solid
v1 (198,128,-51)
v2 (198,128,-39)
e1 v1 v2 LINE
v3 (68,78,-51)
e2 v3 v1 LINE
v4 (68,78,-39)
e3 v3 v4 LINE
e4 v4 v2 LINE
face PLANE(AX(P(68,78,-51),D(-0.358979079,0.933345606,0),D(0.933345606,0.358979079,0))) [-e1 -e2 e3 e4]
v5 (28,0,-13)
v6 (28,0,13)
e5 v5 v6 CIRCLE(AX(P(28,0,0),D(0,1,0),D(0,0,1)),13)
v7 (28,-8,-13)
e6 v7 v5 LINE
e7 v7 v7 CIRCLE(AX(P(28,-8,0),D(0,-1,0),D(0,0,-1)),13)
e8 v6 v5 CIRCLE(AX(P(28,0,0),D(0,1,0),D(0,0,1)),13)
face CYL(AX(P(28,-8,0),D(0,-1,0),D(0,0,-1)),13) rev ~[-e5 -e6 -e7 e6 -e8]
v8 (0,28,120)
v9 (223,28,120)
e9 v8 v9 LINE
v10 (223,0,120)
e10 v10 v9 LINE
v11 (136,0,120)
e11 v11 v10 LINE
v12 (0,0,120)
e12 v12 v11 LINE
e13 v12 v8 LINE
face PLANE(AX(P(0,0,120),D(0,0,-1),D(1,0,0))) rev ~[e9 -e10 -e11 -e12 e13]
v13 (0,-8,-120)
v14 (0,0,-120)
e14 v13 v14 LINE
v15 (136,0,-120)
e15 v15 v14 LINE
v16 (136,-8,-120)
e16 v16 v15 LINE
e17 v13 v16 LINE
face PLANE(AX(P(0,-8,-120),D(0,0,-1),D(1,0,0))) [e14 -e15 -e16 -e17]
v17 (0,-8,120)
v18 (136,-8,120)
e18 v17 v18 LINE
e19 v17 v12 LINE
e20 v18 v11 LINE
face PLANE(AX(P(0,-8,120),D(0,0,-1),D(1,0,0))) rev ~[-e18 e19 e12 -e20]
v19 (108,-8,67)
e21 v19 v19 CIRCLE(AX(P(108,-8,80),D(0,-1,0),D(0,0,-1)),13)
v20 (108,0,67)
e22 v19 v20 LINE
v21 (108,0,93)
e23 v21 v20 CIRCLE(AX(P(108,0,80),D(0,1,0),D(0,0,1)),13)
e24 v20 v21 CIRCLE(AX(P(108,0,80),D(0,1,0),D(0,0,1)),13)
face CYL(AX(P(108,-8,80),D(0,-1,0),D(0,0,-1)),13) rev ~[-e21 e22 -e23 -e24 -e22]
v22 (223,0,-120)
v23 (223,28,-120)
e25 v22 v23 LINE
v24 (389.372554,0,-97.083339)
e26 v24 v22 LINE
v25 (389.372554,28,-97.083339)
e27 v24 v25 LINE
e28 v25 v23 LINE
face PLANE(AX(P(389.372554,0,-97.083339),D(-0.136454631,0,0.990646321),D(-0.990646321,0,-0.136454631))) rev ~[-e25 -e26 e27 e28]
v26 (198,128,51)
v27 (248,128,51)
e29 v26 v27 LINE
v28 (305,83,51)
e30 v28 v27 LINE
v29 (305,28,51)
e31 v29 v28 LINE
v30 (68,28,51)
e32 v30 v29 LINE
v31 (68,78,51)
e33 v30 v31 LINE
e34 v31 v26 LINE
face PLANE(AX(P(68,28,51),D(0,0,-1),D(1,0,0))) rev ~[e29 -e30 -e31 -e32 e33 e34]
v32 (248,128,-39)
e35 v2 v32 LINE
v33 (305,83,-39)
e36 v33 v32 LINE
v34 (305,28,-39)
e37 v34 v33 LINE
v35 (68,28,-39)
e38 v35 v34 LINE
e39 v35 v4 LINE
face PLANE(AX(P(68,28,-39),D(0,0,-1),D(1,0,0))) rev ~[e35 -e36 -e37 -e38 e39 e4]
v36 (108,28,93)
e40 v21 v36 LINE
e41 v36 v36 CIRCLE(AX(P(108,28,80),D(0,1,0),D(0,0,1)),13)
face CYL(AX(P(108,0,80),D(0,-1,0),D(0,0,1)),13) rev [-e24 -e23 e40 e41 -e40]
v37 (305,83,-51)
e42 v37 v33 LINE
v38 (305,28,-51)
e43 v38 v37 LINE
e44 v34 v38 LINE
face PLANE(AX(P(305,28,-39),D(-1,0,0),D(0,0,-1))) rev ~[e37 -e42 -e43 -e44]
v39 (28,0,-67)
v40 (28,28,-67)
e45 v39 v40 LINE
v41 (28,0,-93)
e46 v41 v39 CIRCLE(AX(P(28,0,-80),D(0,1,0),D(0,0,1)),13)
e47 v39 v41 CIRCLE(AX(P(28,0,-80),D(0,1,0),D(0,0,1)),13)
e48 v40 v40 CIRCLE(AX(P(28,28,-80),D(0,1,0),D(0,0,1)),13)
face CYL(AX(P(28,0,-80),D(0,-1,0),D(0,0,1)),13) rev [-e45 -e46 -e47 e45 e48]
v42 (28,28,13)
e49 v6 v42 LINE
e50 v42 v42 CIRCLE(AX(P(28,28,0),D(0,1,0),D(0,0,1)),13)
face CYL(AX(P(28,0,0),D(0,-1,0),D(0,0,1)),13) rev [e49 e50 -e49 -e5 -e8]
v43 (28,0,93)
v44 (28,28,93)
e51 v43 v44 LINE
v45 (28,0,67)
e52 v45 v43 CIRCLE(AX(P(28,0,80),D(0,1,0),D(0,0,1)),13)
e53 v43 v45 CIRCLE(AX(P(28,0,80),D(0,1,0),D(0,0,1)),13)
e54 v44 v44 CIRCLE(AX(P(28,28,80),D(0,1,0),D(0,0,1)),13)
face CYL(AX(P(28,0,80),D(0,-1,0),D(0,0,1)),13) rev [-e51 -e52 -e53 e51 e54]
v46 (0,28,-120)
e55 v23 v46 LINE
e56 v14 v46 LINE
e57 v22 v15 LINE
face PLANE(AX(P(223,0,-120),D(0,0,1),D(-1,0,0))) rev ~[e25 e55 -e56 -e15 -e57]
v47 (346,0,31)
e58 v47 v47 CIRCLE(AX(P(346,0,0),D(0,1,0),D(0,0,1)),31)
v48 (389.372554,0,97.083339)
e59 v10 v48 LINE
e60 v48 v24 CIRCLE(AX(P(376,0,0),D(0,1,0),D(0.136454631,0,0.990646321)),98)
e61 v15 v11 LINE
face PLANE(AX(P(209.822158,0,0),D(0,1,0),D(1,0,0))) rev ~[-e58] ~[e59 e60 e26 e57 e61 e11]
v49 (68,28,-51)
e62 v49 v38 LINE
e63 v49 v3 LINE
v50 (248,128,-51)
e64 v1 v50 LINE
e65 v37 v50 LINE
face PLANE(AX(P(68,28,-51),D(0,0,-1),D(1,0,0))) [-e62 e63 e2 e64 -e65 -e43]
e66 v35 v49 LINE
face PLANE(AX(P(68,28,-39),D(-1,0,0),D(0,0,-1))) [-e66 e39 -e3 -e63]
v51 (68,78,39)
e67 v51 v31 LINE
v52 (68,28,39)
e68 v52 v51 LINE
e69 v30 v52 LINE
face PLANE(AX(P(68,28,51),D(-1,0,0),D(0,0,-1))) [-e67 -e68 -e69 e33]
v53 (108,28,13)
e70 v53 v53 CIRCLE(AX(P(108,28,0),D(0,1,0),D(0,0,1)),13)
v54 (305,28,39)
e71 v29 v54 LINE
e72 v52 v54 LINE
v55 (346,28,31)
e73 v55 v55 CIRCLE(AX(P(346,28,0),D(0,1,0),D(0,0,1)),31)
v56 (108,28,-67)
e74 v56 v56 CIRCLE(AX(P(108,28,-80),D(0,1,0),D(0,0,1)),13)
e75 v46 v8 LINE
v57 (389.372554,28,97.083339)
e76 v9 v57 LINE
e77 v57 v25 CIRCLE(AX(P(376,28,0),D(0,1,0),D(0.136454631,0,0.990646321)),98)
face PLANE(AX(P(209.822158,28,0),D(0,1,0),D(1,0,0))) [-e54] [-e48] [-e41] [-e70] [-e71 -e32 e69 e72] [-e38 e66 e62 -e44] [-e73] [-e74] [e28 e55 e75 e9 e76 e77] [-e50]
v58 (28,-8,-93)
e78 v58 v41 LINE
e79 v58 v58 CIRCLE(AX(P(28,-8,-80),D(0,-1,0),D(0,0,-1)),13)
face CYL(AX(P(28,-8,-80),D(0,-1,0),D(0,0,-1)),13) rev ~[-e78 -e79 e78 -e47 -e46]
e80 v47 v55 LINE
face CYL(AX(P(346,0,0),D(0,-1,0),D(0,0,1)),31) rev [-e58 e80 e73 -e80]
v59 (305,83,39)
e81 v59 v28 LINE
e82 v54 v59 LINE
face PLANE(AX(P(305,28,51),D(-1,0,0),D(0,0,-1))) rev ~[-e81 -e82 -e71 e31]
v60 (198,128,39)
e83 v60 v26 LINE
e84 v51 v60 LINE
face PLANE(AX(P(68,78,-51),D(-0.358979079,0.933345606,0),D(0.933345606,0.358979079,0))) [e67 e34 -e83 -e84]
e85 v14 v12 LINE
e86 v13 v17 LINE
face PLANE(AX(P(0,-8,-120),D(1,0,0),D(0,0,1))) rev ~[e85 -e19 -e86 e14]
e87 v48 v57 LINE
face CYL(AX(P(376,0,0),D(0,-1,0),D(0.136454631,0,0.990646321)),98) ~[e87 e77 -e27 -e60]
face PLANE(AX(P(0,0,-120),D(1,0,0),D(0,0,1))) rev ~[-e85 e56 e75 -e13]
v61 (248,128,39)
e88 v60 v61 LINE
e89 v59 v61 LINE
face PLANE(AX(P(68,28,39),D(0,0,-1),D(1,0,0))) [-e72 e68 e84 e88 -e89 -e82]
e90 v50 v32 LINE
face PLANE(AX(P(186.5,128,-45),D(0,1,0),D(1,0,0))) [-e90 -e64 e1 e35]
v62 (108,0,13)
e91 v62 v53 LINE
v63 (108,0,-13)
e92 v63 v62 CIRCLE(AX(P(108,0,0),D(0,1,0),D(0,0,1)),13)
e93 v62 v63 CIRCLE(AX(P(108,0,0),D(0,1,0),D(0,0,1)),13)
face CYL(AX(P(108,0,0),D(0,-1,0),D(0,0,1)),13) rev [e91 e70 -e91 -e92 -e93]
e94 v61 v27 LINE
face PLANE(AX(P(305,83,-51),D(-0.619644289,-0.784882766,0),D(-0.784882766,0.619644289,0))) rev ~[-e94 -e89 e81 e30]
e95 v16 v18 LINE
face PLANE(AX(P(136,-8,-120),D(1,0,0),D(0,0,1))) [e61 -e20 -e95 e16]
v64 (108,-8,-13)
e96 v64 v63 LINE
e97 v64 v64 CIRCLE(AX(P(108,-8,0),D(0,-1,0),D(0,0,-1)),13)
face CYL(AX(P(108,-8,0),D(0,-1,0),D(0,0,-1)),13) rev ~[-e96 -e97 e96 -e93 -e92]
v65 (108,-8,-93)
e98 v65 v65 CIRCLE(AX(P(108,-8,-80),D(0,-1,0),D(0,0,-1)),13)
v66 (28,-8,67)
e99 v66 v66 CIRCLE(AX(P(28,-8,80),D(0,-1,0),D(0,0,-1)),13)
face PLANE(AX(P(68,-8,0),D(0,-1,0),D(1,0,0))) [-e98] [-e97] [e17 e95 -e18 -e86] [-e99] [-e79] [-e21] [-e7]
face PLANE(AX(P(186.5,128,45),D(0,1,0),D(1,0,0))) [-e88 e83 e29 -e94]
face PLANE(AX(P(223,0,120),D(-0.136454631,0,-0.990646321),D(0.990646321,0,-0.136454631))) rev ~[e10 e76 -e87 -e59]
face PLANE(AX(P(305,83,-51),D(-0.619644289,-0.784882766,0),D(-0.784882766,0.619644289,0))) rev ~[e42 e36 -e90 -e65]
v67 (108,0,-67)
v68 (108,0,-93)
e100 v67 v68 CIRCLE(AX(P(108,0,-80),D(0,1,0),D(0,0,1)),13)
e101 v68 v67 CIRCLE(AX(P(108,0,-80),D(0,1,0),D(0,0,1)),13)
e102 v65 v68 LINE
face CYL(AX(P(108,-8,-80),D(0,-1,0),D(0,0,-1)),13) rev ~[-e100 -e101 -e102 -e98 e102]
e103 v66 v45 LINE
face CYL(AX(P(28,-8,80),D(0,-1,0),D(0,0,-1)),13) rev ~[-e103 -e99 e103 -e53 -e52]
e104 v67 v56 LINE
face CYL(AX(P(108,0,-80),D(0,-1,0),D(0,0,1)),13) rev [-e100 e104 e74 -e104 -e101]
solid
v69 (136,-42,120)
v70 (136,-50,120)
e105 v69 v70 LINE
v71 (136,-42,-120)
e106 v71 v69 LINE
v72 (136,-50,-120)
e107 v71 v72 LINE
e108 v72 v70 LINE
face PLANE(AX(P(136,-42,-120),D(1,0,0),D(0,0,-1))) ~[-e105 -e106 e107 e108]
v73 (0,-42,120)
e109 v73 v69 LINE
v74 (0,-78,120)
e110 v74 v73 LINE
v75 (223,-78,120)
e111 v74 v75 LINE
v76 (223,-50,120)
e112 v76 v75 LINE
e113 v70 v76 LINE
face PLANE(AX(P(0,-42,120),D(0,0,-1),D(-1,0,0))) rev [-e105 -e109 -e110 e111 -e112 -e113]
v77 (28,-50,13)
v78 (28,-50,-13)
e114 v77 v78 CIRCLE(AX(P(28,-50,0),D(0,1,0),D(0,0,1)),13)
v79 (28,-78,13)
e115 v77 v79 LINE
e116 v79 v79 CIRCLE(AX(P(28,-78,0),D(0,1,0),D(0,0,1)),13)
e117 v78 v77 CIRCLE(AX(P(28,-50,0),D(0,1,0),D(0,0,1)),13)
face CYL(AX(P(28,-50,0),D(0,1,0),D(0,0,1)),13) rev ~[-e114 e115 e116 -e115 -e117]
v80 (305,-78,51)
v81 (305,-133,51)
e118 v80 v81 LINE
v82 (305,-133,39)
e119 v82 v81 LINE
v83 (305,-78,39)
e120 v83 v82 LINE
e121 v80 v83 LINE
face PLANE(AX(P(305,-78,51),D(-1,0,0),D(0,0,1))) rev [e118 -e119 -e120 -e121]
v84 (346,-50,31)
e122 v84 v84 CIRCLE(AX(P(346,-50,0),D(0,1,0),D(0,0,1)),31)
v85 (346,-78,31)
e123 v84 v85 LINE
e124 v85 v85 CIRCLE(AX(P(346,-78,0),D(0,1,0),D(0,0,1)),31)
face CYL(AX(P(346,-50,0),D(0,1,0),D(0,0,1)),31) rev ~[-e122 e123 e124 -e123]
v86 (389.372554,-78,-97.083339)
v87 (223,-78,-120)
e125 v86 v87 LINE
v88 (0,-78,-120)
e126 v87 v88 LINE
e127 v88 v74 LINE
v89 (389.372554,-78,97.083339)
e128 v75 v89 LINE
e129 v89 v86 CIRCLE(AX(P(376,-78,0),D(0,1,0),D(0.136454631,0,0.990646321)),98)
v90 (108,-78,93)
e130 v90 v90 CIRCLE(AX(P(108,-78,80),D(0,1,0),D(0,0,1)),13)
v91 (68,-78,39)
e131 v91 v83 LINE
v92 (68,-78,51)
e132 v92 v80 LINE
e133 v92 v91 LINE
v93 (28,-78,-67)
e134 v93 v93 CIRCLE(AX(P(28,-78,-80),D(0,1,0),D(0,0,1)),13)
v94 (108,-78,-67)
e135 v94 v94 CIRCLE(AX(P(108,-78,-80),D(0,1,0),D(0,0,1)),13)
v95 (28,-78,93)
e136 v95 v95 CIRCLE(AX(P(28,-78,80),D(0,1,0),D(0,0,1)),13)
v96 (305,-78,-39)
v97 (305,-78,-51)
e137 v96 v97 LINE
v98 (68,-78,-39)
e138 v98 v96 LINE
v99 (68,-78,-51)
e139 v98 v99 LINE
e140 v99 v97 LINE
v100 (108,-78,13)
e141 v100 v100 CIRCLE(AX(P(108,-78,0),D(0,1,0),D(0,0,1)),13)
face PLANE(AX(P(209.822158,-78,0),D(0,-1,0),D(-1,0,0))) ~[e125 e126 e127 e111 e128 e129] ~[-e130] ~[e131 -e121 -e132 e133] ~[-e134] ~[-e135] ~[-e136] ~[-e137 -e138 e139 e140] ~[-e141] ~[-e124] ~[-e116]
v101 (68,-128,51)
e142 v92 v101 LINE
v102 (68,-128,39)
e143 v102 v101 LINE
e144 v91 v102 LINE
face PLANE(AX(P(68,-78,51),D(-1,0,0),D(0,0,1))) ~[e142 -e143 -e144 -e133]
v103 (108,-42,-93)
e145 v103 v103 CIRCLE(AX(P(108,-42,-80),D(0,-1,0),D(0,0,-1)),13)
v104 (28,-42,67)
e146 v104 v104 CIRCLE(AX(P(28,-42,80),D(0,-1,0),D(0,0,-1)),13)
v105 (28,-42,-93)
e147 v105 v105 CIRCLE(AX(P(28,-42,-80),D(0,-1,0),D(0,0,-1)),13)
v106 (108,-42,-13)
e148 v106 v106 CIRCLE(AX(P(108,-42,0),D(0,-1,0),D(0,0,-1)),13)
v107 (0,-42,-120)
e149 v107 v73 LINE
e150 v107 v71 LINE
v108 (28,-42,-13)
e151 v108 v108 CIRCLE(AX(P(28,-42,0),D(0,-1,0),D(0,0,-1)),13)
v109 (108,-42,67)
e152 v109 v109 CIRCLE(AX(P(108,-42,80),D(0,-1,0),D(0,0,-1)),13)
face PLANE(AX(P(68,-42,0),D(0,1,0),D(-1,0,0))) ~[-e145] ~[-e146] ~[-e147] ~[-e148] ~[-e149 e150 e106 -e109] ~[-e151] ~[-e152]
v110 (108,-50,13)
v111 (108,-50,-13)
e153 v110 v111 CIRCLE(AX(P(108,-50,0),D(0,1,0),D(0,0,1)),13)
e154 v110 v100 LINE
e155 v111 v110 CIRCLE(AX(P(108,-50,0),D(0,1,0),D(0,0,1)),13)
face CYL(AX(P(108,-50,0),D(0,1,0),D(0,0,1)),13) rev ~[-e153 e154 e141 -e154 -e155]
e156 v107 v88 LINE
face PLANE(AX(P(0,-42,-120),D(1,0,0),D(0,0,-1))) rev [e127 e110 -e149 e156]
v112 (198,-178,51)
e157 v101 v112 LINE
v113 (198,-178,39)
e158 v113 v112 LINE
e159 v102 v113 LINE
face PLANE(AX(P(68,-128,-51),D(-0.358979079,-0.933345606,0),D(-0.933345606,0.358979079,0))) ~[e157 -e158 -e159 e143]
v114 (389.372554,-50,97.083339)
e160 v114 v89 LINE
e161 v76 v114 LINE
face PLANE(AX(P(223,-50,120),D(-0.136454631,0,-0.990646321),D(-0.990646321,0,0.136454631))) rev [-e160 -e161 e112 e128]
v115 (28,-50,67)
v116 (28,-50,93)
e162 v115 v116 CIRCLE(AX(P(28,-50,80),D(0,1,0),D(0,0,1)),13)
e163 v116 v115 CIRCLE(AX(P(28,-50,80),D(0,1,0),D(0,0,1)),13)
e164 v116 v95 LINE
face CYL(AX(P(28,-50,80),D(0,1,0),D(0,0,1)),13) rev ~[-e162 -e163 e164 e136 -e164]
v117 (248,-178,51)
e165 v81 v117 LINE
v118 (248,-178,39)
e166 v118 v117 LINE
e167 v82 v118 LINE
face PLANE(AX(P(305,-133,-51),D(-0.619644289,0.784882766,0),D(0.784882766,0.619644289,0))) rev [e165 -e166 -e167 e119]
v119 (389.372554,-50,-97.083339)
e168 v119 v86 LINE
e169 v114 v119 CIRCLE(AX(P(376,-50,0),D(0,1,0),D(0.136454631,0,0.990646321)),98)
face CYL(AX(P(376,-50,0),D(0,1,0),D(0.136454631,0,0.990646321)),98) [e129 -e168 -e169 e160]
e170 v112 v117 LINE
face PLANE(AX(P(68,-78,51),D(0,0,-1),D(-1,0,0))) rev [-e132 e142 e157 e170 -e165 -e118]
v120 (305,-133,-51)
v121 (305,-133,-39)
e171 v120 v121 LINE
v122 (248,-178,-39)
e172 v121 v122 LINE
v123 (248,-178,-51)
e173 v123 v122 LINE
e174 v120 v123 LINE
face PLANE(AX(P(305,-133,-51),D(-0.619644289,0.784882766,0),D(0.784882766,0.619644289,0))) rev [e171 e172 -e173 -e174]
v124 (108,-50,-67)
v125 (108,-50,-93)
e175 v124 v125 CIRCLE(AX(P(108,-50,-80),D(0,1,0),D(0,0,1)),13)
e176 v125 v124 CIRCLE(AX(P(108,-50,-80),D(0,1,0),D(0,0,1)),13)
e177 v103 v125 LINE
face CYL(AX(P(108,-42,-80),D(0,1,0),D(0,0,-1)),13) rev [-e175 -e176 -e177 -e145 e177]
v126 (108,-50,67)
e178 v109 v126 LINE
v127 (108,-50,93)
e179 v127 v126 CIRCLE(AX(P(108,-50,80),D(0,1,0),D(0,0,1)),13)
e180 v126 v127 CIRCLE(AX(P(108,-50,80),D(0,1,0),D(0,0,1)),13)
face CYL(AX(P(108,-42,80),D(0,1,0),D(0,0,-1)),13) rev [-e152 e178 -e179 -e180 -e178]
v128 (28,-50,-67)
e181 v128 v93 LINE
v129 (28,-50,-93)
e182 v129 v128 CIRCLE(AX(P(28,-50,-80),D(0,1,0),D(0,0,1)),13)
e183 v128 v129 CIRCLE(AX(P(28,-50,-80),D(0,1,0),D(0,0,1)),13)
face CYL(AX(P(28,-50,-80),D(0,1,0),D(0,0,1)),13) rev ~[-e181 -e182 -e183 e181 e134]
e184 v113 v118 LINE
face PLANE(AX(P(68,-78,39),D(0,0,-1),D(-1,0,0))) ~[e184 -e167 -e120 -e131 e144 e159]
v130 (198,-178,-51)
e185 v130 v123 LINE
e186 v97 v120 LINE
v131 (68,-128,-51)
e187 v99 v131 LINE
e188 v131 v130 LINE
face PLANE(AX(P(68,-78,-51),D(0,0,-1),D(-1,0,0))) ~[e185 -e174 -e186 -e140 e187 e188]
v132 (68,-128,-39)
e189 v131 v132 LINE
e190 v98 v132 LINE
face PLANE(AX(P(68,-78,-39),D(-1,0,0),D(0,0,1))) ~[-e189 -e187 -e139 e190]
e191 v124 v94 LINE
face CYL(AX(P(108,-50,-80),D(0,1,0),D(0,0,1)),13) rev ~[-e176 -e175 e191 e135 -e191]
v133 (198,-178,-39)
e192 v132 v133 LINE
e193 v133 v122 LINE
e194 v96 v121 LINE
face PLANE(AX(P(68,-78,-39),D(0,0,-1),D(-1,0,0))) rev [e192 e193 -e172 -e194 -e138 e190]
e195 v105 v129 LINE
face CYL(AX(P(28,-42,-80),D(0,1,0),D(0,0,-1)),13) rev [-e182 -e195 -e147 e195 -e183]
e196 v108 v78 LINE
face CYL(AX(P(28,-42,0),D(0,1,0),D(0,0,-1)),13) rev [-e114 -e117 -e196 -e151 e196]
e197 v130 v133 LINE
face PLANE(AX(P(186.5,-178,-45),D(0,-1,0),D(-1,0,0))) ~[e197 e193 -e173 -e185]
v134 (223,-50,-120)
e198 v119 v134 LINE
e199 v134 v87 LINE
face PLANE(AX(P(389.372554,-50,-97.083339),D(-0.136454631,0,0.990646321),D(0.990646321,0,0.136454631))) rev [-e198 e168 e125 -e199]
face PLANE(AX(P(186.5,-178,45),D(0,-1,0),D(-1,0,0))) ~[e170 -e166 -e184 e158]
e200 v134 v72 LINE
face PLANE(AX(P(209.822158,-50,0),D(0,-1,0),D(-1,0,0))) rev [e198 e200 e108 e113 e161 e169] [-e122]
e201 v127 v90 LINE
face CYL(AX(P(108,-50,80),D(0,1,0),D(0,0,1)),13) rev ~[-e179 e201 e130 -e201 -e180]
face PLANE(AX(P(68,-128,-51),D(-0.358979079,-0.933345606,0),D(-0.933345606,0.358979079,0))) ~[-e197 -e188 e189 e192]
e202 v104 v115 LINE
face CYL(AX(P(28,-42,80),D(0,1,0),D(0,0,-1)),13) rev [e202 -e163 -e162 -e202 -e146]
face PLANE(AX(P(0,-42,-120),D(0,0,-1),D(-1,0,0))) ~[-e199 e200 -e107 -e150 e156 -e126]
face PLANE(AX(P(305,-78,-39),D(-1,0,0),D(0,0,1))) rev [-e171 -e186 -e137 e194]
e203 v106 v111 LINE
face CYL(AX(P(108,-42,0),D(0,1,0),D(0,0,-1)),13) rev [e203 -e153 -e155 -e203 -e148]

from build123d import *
from build123d.topology import SkipClean

# Parameters (mm, degrees)
SKETCH_1_R          = 31
SKETCH_1_R_2        = 13
EXTRUDE_1_DEPTH     = 28
SKETCH_2_W          = 237
SKETCH_2_H          = 12
EXTRUDE_2_DEPTH     = 100
CUT_EXTRUDE_1_DEPTH = 520.904798978
EXTRUDE_START       = 8
SKETCH_4_W          = 136
SKETCH_4_H          = 240
SKETCH_4_R          = 13
EXTRUDE_3_DEPTH     = 8


with BuildPart() as part:
    # 草图1 → 凸台-拉伸1 (new body)
    with BuildSketch(Plane(origin=(0, 0, 0), x_dir=(1, 0, 0), z_dir=(0, 1, 0))):
        with BuildLine():
            Line((0, 120), (0, -120))
            Line((0, -120), (223, -120))
            Line((223, -120), (389.372553838, -97.083339476))
            ThreePointArc((389.372553838, -97.083339476), (474, 0), (389.372553838, 97.083339476))
            Line((389.372553838, 97.083339476), (223, 120))
            Line((223, 120), (0, 120))
        make_face()
        with Locations(Location((346, 0, 0), (0, 0, 270))):
            Circle(SKETCH_1_R, mode=Mode.SUBTRACT)
        with Locations(Location((28, 80, 0), (0, 0, 270))):
            Circle(SKETCH_1_R_2, mode=Mode.SUBTRACT)
        with Locations(Location((28, 0, 0), (0, 0, 270))):
            Circle(SKETCH_1_R_2, mode=Mode.SUBTRACT)
        with Locations(Location((28, -80, 0), (0, 0, 270))):
            Circle(SKETCH_1_R_2, mode=Mode.SUBTRACT)
        with Locations(Location((108, 80, 0), (0, 0, 270))):
            Circle(SKETCH_1_R_2, mode=Mode.SUBTRACT)
        with Locations(Location((108, 0, 0), (0, 0, 270))):
            Circle(SKETCH_1_R_2, mode=Mode.SUBTRACT)
        with Locations(Location((108, -80, 0), (0, 0, 270))):
            Circle(SKETCH_1_R_2, mode=Mode.SUBTRACT)
    extrude(amount=EXTRUDE_1_DEPTH)

    # 草图2 → 凸台-拉伸2 (add)
    with BuildSketch(Plane(origin=(0, 28, 0), x_dir=(1, 0, 0), z_dir=(0, 1, 0))):
        with Locations((186.5, 45)):
            Rectangle(SKETCH_2_W, SKETCH_2_H)
        with Locations((186.5, -45)):
            Rectangle(SKETCH_2_W, SKETCH_2_H)
    extrude(amount=EXTRUDE_2_DEPTH)

    # 草图3 → 切除-拉伸1 (cut, through all)
    with BuildSketch(Plane(origin=(0, 0, -51), x_dir=(1, 0, 0), z_dir=(0, 0, -1))):
        Polygon((305, -128), (305, -83), (248, -128), align=None)
        Polygon((68, -128), (68, -78), (198, -128), align=None)
    extrude(amount=-CUT_EXTRUDE_1_DEPTH, mode=Mode.SUBTRACT)

    # 草图4 → 凸台-拉伸3 (add)
    with SkipClean():  # the faces are left unmerged after this step: merging them gives an invalid solid
        with BuildSketch(Plane.XZ.offset(EXTRUDE_START)):
            with Locations((68, 0)):
                Rectangle(SKETCH_4_W, SKETCH_4_H)
            with Locations(Location((28, 80, 0), (0, 0, 270))):
                Circle(SKETCH_4_R, mode=Mode.SUBTRACT)
            with Locations(Location((108, 80, 0), (0, 0, 270))):
                Circle(SKETCH_4_R, mode=Mode.SUBTRACT)
            with Locations(Location((108, 0, 0), (0, 0, 270))):
                Circle(SKETCH_4_R, mode=Mode.SUBTRACT)
            with Locations(Location((28, 0, 0), (0, 0, 270))):
                Circle(SKETCH_4_R, mode=Mode.SUBTRACT)
            with Locations(Location((28, -80, 0), (0, 0, 270))):
                Circle(SKETCH_4_R, mode=Mode.SUBTRACT)
            with Locations(Location((108, -80, 0), (0, 0, 270))):
                Circle(SKETCH_4_R, mode=Mode.SUBTRACT)
        extrude(amount=-EXTRUDE_3_DEPTH)


with BuildPart() as body_2:
    # 镜向1: mirrored copy
    add(part.part.mirror(Plane.ZX.offset(-25)))


solid = Compound([part.part, body_2.part])
